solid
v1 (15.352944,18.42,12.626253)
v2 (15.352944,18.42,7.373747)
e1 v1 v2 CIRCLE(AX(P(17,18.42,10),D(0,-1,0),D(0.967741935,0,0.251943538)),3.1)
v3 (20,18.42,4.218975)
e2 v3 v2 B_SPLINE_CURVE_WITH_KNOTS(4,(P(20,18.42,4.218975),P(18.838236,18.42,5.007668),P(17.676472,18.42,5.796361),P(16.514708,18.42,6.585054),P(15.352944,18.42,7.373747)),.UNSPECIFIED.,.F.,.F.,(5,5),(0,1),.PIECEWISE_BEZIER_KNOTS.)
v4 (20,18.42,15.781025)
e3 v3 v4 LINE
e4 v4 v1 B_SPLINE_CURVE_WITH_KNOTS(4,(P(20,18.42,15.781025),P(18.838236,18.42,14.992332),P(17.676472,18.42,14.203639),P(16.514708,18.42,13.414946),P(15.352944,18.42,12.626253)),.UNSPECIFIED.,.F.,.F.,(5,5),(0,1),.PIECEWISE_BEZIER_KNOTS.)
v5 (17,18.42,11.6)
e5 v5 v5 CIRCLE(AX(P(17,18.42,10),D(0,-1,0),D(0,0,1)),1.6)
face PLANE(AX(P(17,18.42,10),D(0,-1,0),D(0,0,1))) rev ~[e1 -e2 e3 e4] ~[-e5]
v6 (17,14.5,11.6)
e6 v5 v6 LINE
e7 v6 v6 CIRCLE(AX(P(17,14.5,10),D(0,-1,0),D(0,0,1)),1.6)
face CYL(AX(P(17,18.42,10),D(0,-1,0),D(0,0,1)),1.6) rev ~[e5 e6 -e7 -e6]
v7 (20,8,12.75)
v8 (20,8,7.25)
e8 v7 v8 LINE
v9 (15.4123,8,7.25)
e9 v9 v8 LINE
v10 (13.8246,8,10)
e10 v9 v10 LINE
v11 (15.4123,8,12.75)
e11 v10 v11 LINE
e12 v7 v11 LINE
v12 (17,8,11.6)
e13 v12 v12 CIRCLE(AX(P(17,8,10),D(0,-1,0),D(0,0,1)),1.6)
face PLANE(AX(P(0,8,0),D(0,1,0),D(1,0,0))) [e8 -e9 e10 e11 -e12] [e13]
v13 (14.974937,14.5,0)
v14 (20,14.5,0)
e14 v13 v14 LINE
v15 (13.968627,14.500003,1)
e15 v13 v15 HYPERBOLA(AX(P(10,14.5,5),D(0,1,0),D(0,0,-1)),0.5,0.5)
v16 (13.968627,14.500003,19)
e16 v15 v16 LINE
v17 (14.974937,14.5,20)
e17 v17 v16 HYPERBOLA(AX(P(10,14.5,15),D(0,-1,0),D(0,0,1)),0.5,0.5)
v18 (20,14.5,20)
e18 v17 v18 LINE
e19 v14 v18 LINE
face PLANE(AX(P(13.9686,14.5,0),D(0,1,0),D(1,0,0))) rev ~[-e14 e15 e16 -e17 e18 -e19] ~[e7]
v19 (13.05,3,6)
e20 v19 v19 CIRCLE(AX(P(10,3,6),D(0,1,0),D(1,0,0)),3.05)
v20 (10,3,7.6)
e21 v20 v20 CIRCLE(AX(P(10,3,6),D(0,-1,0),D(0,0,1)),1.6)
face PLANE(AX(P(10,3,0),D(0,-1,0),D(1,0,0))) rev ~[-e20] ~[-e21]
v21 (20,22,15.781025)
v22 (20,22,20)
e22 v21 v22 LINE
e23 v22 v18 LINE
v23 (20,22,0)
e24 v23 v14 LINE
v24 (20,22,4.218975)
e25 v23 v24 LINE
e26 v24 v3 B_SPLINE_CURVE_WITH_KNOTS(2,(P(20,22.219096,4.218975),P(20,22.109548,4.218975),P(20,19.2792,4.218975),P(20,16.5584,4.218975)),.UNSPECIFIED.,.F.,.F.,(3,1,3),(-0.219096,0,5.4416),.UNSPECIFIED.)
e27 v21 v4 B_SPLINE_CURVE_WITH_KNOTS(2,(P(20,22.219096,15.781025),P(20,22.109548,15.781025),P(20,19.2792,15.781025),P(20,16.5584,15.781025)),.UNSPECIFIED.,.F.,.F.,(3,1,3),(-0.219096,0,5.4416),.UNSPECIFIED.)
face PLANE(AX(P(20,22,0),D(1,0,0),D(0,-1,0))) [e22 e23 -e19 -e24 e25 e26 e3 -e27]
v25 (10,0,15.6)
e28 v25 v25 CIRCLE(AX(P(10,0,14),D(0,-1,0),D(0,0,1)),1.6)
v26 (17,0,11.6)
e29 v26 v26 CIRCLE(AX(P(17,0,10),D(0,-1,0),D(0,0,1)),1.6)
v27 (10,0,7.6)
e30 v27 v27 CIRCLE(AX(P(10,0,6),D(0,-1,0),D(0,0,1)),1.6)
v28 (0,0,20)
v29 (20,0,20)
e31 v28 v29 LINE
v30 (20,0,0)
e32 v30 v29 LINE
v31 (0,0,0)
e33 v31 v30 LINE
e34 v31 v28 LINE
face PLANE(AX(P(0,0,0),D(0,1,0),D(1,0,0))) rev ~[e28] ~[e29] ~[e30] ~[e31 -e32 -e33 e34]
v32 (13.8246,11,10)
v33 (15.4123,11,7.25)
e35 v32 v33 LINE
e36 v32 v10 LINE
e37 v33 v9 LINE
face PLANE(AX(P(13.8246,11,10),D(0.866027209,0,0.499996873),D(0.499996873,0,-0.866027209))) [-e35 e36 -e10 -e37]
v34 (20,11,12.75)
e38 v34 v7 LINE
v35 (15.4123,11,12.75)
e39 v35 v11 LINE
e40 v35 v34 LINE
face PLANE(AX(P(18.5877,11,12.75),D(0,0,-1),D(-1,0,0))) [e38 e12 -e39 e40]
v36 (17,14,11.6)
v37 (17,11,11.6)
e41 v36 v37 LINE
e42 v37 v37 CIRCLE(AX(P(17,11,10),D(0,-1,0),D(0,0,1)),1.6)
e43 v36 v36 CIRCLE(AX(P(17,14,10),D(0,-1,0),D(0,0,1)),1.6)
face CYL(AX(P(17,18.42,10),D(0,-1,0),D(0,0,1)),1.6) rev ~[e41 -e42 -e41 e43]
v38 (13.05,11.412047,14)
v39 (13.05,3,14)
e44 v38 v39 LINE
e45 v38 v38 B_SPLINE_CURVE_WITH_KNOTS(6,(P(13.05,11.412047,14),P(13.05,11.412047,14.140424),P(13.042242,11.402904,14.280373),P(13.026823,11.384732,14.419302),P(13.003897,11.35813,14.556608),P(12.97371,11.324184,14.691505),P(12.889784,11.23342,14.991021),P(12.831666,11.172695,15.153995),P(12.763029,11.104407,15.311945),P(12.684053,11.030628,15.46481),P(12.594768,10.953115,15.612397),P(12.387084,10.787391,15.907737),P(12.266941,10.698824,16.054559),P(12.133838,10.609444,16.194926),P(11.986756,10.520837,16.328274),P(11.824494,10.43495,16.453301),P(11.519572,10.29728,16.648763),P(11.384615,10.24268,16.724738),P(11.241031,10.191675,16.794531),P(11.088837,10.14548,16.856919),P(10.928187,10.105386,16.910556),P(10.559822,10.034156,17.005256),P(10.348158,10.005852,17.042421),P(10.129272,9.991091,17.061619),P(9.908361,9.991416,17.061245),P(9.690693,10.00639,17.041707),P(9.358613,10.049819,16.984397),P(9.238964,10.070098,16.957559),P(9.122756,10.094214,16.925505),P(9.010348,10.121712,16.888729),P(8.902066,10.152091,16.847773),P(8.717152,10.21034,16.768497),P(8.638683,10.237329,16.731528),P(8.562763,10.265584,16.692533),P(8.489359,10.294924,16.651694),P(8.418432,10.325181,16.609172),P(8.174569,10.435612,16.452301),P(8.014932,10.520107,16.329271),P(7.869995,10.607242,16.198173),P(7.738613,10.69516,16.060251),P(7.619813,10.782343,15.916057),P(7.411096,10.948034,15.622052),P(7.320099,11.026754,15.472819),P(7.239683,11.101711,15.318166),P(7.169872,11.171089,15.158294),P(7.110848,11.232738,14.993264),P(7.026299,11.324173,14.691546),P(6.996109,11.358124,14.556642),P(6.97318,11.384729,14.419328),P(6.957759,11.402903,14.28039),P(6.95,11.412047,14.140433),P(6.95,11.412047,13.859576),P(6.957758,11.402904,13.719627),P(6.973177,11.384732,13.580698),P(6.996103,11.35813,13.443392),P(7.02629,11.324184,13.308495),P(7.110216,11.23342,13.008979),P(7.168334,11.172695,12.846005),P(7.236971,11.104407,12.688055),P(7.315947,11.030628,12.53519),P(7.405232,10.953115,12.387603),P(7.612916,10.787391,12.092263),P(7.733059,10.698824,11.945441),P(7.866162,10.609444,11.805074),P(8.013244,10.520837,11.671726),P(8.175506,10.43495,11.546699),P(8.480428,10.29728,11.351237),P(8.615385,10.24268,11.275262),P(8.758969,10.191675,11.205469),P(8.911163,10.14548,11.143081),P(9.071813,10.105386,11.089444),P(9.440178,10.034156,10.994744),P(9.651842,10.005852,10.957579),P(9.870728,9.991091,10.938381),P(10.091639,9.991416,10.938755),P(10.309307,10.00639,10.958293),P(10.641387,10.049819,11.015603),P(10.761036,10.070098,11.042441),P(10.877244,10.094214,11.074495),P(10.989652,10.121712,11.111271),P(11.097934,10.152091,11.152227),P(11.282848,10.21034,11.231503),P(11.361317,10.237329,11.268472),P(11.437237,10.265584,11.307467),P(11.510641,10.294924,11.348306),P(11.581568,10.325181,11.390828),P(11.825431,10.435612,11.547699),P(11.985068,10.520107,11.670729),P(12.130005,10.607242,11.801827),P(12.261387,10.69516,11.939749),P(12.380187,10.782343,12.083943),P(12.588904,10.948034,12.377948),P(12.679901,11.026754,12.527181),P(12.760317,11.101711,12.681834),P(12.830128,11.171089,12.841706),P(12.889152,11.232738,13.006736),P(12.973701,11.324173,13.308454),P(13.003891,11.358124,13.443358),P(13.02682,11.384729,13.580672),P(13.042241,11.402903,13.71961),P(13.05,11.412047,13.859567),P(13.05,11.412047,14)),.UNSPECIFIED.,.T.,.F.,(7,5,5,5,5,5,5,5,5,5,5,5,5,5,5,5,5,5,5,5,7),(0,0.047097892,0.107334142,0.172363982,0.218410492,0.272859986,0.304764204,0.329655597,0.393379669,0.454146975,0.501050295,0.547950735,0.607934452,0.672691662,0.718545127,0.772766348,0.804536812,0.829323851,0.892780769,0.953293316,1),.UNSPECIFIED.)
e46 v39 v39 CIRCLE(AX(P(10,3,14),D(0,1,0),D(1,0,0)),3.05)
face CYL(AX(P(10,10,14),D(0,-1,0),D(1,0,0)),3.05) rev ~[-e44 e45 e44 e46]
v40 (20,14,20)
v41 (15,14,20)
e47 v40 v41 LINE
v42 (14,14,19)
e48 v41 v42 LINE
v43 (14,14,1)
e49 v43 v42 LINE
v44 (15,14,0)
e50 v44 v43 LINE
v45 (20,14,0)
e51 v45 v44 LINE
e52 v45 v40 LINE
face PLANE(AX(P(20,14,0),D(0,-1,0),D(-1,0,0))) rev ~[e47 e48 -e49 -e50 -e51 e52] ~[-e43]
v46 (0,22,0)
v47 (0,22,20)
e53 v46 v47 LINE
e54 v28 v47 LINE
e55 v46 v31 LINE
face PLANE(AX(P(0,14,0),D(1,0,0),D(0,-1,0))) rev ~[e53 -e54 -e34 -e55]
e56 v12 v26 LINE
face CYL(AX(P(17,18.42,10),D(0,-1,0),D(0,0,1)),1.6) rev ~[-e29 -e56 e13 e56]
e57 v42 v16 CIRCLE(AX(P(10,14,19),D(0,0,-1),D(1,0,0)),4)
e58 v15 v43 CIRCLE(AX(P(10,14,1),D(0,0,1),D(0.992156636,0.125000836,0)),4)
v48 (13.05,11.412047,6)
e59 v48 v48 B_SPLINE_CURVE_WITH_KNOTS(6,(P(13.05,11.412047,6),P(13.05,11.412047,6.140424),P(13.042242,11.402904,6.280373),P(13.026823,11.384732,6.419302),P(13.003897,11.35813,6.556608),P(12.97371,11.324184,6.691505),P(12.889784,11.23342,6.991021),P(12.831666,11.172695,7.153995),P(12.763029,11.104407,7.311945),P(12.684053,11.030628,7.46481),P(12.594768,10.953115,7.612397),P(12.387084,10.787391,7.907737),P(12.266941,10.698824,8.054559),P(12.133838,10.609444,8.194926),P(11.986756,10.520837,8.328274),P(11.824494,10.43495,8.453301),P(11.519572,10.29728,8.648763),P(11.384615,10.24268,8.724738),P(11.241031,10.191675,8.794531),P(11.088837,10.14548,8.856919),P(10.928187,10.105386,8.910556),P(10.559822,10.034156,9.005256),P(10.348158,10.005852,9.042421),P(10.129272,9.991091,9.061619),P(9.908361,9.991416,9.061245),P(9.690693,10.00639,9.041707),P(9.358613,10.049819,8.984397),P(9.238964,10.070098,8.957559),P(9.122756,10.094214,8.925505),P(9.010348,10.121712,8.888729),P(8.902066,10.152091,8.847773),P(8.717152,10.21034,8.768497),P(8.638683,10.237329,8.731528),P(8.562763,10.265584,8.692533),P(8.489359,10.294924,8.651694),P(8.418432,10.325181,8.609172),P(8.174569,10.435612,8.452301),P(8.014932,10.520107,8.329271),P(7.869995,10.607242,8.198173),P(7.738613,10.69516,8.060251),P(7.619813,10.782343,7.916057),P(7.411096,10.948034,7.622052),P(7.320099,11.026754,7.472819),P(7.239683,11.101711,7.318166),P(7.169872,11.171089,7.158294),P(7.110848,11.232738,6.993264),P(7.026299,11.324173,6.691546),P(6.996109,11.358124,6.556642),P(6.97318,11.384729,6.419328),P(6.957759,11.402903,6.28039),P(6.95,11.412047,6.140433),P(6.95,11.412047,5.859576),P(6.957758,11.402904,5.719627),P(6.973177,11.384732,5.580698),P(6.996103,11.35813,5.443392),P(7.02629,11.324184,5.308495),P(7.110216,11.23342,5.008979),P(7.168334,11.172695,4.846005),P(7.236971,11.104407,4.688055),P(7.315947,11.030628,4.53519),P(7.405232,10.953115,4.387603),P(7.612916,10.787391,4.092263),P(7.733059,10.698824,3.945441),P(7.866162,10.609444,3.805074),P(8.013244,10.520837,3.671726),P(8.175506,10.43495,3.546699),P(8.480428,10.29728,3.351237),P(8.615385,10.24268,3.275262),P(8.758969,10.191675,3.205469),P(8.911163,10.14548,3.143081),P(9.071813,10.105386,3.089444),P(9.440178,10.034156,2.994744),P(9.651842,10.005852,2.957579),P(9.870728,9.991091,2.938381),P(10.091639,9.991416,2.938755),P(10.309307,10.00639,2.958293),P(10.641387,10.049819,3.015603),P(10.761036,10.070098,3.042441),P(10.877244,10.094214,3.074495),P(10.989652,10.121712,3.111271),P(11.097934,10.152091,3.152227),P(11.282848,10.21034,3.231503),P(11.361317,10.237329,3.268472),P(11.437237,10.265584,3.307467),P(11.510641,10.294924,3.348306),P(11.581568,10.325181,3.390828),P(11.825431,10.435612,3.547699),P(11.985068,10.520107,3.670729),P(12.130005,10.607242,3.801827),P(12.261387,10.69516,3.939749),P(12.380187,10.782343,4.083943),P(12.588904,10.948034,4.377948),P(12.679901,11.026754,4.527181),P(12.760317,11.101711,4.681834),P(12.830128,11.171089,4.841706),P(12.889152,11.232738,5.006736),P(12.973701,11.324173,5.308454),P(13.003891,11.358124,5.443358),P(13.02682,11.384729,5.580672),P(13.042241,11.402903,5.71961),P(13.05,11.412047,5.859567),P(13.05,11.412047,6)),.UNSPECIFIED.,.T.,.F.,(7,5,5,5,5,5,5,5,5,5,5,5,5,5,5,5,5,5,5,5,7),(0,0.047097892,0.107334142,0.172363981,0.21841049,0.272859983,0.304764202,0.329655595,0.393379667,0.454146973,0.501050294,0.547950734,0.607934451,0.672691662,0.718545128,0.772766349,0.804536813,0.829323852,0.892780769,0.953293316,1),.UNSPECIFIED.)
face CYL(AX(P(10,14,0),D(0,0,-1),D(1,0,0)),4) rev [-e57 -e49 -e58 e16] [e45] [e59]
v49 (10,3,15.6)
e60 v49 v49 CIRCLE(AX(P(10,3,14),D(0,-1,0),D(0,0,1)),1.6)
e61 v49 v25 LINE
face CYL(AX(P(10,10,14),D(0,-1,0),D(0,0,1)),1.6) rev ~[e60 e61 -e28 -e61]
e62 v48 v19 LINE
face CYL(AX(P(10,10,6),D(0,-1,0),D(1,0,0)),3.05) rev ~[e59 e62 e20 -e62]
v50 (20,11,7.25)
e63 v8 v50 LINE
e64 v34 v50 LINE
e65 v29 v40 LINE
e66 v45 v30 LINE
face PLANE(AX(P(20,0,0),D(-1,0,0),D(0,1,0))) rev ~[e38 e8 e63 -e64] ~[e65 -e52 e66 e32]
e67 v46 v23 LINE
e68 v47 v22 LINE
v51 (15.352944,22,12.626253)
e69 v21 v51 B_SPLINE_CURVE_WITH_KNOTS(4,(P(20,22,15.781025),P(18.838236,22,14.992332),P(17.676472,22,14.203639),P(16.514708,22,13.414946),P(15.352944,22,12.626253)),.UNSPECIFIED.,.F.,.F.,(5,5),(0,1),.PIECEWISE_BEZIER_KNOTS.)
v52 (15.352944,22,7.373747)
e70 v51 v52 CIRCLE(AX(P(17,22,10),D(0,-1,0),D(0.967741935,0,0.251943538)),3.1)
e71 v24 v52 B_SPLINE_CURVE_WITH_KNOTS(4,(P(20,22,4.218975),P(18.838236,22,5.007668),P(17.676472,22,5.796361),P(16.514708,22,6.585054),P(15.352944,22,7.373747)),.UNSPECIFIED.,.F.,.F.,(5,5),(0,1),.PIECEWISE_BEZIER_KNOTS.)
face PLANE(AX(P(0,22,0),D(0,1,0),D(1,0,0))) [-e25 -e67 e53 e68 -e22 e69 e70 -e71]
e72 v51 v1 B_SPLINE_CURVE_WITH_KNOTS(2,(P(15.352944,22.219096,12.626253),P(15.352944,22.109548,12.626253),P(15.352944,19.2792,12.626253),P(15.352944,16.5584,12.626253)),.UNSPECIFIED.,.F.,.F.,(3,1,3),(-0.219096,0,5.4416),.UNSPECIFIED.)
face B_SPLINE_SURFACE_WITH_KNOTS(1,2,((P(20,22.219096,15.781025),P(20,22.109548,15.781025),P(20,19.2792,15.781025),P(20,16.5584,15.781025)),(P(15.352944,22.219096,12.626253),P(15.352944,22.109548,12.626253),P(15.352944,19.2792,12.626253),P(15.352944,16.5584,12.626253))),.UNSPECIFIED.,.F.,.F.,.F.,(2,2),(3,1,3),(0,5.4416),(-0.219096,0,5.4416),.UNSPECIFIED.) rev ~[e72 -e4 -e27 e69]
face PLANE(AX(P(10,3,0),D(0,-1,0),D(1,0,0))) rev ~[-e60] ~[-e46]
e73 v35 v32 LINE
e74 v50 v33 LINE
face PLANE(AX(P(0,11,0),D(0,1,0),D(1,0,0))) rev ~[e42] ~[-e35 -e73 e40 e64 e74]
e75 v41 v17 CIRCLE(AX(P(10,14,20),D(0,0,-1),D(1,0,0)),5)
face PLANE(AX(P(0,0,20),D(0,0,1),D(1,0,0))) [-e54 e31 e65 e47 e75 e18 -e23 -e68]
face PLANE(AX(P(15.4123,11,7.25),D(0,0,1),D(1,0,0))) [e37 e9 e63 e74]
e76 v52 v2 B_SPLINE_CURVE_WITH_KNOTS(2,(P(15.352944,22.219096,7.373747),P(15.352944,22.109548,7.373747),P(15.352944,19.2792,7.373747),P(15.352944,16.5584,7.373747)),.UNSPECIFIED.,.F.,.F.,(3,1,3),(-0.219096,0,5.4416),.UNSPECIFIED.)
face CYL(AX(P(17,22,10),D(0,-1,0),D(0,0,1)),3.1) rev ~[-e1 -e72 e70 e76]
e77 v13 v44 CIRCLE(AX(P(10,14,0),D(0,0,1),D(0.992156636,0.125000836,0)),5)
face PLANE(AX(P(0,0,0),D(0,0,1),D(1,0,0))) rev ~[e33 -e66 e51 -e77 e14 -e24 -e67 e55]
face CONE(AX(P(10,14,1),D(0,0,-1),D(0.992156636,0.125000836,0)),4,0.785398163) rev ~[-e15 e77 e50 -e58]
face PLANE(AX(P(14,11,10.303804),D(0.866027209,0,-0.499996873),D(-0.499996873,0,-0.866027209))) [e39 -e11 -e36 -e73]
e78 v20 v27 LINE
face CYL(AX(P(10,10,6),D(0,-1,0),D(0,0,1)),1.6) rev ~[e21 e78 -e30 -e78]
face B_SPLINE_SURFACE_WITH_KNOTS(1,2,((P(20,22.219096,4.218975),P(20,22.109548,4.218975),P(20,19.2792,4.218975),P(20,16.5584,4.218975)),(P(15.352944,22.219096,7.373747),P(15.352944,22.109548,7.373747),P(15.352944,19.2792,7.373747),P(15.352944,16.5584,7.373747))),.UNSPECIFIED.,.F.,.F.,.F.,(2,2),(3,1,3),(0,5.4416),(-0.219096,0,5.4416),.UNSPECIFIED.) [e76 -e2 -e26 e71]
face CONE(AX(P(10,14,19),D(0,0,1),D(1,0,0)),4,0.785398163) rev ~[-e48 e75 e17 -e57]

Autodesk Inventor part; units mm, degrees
ref_plane "YZ Plane" through (0, 0, 0) normal (1, 0, 0) x (0, 1, 0)
sketch "Sketch1" plane through (0, 0, 0) normal (0, 0, 1) x (1, 0, 0)
  line L0 (0, 0) -> (20, 0)
  line L1 (20, 0) -> (20, 14)
  line L2 (20, 14) -> (0, 14)
  line L3 (0, 14) -> (0, 0)
  circle A0 centre (10, 14) radius 4
  line L4 (7.9329, 10) -> (16.1844, 10) construction
  line L5 (6, 14) -> (0, 14)
  line L6 (14, 14) -> (20, 14)
  line L7 (20, 14) -> (0, 14)
  line L8 (0, 14) -> (0, 22)
  line L9 (0, 22) -> (20, 22)
  line L10 (20, 22) -> (20, 14)
  line L11 (20, 13.5) -> (13.9686, 13.5)
  line L12 (13.9686, 13.5) -> (13.9686, 14.5)
  line L13 (13.9686, 14.5) -> (20, 14.5)
  line L14 (20, 14.5) -> (20, 13.5)
  point P0 (20, 7)
  point P1 (0, 7)
  point P2 (17, 14)
  point P3 (3, 14)
  point P4 (13.9686, 14)
  point P5 (0, 14)
  dimension "d0" = 8
  dimension "d1" = 10
  dimension "d2" = 20
  dimension "d5" = 8
  dimension "d6" = 1
extrude "Extrusion1" add sketch "Sketch1" along normal blind 20 contours L3 L2 A0 L11 L1 L0 | L8 L9 L10 L13 A0 L2 | L11 A0 L2 L1
chamfer "Chamfer1" distance 1 angle 45 2 edges at (6.0079, 13.7495, 0) (6.0079, 13.7495, 20)
ref_plane "Work Plane1" through (20, 11, 20) normal (0, 1, 0) x (1, 0, 0)
sketch "Sketch2" plane through (0, 22, 0) normal (0, 1, 0) x (1, 0, 0)
  line L0 (15, -20) -> (14, -19) projected
  line L1 (20, -20) -> (15, -20) projected
  line L2 (20, 0) -> (20, -20) projected
  line L3 (20, 0) -> (15, 0) projected
  line L4 (14, -1) -> (15, 0) projected
  line L5 (14, -1) -> (14, -19) projected
  line L6 (14, -15.8523) -> (20, -15.8523)
  line L7 (15.4123, -7.25) -> (18.5877, -7.25)
  line L8 (18.5877, -7.25) -> (20.1754, -10) construction
  line L9 (20.1754, -10) -> (18.5877, -12.75) construction
  line L10 (18.5877, -12.75) -> (15.4123, -12.75)
  line L11 (15.4123, -12.75) -> (13.8246, -10)
  line L12 (13.8246, -10) -> (15.4123, -7.25)
  line L13 (18.5877, -12.75) -> (22.4339, -12.75)
  line L14 (22.4339, -12.75) -> (22.4339, -7.25)
  line L15 (22.4339, -7.25) -> (18.5877, -7.25)
  line L16 (18.5877, -7.25) -> (18.5877, -12.75) construction
  point P0 (0, 0)
  point P1 (17, -10)
  point P2 (20, -10)
  point P3 (17, -15.8523)
  point P4 (17, -10)
  dimension "d10" = 5.5
extrude "Extrusion2" cut sketch "Sketch2" against normal blind 3 from surface at -11 contours L11 L12 L5 | L5 L12 L7 L15 L2 L13 L10 L11 | L2 L15 L14 L13
hole "Hole1" at (17, 22, 10) direction (0, -1, 0) diameter 3.2 end through all counterbore diameter 6.2 counterbore depth 3.58
chamfer "Chamfer2" distance 5 angle 45 2 edges at (20, 20.21, 9.219) (20, 20.21, 10.781)
ref_plane "Work Plane2" through (10, 10, 0) normal (0, -1, 0) x (1, 0, 0)
sketch "Sketch3" plane through (10, 10, 0) normal (0, -1, 0) x (1, 0, 0)
  line L0 (-5, 0) -> (5, 0) projected
  line L1 (5, 20) -> (-5, 20) projected
  line L2 (-10, 20) -> (10, 20) projected
  line L3 (0, 20) -> (0, 0)
  circle A0 centre (0, 14) radius 3.05
  circle A1 centre (0, 6) radius 3.05
  point P0 (-10, 0)
  point P1 (4.9749, 0)
  point P2 (4.9749, 20)
  dimension "d24" = 6.1
  dimension "d25" = 6.1
  dimension "d26" = 6
  dimension "d27" = 6
extrude "Extrusion3" cut sketch "Sketch3" along normal blind 7 and the other way blind 2
hole "Hole2" at (10, 10, 6) at (10, 10, 14) direction (0, -1, 0) diameter 3.2 end through all
equation "\"d27\" = d26"
properties part number "Y Rod Holder"
